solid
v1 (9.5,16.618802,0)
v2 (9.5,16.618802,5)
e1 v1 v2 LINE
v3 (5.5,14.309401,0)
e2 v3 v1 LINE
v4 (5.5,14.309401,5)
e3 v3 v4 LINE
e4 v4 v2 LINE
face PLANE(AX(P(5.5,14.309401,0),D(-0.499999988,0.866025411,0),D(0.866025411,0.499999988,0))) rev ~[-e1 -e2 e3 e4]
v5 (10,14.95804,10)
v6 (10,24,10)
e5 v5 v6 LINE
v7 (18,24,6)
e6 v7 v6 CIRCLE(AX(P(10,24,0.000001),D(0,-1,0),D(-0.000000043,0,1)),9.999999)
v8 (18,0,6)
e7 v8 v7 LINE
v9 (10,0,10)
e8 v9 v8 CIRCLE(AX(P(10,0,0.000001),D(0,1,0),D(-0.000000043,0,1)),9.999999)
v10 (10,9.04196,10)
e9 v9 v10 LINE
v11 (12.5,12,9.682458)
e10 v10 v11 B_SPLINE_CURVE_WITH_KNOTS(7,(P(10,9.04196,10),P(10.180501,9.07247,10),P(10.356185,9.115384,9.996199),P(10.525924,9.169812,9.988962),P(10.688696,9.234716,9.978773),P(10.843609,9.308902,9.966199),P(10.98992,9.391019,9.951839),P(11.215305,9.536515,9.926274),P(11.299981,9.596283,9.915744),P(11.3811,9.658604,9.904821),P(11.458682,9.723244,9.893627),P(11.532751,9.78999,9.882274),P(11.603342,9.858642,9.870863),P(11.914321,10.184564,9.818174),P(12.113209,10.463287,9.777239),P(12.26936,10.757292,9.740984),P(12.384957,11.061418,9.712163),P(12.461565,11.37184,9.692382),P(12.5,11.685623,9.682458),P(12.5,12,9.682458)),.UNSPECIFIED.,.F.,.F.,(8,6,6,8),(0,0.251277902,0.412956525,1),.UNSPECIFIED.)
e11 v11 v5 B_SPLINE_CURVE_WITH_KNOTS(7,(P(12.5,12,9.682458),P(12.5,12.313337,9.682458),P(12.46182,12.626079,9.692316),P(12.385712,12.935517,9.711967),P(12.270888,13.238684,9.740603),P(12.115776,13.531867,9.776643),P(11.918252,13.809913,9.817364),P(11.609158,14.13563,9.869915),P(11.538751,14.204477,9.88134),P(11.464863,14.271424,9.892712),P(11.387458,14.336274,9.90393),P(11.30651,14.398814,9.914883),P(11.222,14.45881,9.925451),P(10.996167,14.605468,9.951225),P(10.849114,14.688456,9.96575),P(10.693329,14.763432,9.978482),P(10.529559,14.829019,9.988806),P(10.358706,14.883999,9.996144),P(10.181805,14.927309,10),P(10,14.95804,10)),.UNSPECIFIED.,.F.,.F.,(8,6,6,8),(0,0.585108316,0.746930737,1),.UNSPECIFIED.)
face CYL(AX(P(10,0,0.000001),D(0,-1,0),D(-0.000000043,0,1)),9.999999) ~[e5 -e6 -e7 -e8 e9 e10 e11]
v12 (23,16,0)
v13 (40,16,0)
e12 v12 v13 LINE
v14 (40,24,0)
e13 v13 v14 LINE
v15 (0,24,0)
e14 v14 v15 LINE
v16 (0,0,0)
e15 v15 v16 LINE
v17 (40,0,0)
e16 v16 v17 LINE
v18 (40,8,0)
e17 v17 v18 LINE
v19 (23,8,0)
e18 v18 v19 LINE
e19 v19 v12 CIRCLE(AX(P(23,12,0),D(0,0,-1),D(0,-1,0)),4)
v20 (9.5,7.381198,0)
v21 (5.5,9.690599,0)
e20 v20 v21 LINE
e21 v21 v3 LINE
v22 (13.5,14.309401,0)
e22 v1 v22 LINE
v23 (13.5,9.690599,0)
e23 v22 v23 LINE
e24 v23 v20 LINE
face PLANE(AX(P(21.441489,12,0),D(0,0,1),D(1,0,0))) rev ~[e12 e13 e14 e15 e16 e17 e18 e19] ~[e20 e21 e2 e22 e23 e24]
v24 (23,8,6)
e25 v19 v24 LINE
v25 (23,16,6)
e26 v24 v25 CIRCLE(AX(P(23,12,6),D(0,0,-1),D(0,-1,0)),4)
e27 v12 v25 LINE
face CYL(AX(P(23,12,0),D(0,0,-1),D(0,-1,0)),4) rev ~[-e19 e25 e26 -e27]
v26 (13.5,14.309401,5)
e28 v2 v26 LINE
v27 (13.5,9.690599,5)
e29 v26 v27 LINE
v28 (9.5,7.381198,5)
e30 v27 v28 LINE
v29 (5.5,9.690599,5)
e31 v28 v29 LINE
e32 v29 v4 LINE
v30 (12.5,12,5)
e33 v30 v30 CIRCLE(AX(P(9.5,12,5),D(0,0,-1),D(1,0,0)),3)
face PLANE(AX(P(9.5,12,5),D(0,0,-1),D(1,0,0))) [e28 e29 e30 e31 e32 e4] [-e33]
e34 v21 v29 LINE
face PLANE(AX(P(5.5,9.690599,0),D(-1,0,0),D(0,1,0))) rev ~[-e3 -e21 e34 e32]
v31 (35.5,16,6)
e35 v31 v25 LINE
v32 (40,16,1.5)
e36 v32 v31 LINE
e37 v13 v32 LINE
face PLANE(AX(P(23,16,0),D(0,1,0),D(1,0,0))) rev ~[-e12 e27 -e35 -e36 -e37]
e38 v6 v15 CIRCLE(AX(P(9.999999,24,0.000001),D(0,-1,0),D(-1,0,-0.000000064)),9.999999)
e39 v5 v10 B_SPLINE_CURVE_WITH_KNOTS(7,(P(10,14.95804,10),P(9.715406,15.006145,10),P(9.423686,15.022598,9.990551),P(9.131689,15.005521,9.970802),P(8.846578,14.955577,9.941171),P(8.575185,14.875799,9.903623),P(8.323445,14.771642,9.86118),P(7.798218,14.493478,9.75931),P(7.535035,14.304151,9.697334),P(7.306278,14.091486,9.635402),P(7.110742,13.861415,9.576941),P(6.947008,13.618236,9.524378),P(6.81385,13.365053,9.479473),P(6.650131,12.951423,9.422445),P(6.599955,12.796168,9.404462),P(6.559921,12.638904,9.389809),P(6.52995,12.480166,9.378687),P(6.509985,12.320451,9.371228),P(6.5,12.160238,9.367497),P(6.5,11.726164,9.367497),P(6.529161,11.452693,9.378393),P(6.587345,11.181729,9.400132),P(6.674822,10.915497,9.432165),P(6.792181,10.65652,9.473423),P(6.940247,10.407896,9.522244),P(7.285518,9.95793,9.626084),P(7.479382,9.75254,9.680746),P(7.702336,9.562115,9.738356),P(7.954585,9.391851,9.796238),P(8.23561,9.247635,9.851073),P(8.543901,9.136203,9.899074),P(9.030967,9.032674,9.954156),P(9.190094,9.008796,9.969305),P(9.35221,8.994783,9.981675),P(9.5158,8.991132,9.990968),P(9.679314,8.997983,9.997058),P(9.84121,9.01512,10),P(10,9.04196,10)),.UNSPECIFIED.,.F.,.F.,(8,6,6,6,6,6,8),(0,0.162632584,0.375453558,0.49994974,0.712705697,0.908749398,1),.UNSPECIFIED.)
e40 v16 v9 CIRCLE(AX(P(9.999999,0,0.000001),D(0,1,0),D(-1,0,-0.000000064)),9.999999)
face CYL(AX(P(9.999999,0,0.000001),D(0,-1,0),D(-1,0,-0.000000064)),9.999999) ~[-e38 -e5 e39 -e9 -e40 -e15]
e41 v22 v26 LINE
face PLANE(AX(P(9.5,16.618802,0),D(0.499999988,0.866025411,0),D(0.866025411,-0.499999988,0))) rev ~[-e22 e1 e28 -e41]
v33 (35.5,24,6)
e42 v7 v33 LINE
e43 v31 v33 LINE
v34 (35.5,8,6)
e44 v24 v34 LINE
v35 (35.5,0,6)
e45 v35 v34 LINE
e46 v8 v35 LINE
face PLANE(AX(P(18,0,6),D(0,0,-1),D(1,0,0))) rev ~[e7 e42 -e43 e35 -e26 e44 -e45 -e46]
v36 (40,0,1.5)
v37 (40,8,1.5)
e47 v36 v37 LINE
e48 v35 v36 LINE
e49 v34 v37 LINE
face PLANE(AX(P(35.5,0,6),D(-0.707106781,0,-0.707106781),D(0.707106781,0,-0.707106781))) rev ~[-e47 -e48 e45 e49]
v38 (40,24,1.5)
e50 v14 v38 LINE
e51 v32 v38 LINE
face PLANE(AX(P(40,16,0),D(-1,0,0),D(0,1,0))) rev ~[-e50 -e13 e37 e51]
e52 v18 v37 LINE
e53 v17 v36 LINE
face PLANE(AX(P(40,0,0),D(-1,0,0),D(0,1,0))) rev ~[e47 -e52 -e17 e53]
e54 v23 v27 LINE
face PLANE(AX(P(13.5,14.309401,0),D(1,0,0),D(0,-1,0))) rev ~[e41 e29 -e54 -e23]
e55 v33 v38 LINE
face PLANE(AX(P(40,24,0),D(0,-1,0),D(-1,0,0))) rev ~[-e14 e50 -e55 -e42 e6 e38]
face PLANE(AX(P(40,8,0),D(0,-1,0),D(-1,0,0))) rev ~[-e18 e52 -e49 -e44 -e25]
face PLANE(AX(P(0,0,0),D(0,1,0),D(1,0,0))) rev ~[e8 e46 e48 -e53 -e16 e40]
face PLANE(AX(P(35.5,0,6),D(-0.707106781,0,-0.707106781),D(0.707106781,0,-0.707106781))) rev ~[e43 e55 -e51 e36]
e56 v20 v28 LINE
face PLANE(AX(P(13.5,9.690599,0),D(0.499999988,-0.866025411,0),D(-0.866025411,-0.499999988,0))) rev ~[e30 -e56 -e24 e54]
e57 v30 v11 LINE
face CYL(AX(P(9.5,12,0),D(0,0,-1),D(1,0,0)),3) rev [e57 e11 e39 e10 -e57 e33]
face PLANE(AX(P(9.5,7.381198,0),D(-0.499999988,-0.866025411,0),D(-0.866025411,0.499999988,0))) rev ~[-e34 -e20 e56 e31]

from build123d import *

# Parameters (mm, degrees)
F0_R     = 3
F1_DEPTH = 10
F2_R     = 3
F3_DEPTH = 5
F5_DEPTH = 24.001


with BuildPart() as f1:
    # F0 (on Top) → F1 (new body)
    with BuildSketch(Plane.XY):
        with BuildLine():
            Line((0, 24), (0, 0))
            Line((0, 0), (40, 0))
            Line((40, 0), (40, 8))
            Line((40, 8), (23, 8))
            ThreePointArc((23, 8), (19, 12), (23, 16))
            Line((23, 16), (40, 16))
            Line((40, 16), (40, 24))
            Line((40, 24), (0, 24))
        make_face()
        with Locations((9.5, 12)):
            Circle(F0_R, mode=Mode.SUBTRACT)
    extrude(amount=F1_DEPTH)

    # F2 (on face) → F3 (cut)
    with BuildSketch(Plane(origin=(0, 0, 0), x_dir=(1, 0, 0), z_dir=(0, 0, -1))):
        Polygon((9.5, -16.618802), (13.5, -14.309401), (13.5, -9.690599), (9.5, -7.381198), (5.5, -9.690599), (5.5, -14.309401), align=None)
        with Locations((9.5, -12)):
            Circle(F2_R, mode=Mode.SUBTRACT)
    extrude(amount=-F3_DEPTH, mode=Mode.SUBTRACT)

    # F4 (on face) → F5 (cut, through all)
    with BuildSketch(Plane.XZ):
        with BuildLine():
            Line((0, 10), (0, 0))
            ThreePointArc((0, 0), (2.928932, 7.071068), (10, 10))
            Line((10, 10), (0, 10))
        make_face()
        with BuildLine():
            Line((35.5, 6), (40, 1.5))
            Line((40, 1.5), (40, 10))
            Line((40, 10), (10, 10))
            ThreePointArc((10, 10), (14.472136, 8.944272), (18, 6))
            Line((18, 6), (35.5, 6))
        make_face()
    extrude(amount=-F5_DEPTH, mode=Mode.SUBTRACT)


solid = f1.part
